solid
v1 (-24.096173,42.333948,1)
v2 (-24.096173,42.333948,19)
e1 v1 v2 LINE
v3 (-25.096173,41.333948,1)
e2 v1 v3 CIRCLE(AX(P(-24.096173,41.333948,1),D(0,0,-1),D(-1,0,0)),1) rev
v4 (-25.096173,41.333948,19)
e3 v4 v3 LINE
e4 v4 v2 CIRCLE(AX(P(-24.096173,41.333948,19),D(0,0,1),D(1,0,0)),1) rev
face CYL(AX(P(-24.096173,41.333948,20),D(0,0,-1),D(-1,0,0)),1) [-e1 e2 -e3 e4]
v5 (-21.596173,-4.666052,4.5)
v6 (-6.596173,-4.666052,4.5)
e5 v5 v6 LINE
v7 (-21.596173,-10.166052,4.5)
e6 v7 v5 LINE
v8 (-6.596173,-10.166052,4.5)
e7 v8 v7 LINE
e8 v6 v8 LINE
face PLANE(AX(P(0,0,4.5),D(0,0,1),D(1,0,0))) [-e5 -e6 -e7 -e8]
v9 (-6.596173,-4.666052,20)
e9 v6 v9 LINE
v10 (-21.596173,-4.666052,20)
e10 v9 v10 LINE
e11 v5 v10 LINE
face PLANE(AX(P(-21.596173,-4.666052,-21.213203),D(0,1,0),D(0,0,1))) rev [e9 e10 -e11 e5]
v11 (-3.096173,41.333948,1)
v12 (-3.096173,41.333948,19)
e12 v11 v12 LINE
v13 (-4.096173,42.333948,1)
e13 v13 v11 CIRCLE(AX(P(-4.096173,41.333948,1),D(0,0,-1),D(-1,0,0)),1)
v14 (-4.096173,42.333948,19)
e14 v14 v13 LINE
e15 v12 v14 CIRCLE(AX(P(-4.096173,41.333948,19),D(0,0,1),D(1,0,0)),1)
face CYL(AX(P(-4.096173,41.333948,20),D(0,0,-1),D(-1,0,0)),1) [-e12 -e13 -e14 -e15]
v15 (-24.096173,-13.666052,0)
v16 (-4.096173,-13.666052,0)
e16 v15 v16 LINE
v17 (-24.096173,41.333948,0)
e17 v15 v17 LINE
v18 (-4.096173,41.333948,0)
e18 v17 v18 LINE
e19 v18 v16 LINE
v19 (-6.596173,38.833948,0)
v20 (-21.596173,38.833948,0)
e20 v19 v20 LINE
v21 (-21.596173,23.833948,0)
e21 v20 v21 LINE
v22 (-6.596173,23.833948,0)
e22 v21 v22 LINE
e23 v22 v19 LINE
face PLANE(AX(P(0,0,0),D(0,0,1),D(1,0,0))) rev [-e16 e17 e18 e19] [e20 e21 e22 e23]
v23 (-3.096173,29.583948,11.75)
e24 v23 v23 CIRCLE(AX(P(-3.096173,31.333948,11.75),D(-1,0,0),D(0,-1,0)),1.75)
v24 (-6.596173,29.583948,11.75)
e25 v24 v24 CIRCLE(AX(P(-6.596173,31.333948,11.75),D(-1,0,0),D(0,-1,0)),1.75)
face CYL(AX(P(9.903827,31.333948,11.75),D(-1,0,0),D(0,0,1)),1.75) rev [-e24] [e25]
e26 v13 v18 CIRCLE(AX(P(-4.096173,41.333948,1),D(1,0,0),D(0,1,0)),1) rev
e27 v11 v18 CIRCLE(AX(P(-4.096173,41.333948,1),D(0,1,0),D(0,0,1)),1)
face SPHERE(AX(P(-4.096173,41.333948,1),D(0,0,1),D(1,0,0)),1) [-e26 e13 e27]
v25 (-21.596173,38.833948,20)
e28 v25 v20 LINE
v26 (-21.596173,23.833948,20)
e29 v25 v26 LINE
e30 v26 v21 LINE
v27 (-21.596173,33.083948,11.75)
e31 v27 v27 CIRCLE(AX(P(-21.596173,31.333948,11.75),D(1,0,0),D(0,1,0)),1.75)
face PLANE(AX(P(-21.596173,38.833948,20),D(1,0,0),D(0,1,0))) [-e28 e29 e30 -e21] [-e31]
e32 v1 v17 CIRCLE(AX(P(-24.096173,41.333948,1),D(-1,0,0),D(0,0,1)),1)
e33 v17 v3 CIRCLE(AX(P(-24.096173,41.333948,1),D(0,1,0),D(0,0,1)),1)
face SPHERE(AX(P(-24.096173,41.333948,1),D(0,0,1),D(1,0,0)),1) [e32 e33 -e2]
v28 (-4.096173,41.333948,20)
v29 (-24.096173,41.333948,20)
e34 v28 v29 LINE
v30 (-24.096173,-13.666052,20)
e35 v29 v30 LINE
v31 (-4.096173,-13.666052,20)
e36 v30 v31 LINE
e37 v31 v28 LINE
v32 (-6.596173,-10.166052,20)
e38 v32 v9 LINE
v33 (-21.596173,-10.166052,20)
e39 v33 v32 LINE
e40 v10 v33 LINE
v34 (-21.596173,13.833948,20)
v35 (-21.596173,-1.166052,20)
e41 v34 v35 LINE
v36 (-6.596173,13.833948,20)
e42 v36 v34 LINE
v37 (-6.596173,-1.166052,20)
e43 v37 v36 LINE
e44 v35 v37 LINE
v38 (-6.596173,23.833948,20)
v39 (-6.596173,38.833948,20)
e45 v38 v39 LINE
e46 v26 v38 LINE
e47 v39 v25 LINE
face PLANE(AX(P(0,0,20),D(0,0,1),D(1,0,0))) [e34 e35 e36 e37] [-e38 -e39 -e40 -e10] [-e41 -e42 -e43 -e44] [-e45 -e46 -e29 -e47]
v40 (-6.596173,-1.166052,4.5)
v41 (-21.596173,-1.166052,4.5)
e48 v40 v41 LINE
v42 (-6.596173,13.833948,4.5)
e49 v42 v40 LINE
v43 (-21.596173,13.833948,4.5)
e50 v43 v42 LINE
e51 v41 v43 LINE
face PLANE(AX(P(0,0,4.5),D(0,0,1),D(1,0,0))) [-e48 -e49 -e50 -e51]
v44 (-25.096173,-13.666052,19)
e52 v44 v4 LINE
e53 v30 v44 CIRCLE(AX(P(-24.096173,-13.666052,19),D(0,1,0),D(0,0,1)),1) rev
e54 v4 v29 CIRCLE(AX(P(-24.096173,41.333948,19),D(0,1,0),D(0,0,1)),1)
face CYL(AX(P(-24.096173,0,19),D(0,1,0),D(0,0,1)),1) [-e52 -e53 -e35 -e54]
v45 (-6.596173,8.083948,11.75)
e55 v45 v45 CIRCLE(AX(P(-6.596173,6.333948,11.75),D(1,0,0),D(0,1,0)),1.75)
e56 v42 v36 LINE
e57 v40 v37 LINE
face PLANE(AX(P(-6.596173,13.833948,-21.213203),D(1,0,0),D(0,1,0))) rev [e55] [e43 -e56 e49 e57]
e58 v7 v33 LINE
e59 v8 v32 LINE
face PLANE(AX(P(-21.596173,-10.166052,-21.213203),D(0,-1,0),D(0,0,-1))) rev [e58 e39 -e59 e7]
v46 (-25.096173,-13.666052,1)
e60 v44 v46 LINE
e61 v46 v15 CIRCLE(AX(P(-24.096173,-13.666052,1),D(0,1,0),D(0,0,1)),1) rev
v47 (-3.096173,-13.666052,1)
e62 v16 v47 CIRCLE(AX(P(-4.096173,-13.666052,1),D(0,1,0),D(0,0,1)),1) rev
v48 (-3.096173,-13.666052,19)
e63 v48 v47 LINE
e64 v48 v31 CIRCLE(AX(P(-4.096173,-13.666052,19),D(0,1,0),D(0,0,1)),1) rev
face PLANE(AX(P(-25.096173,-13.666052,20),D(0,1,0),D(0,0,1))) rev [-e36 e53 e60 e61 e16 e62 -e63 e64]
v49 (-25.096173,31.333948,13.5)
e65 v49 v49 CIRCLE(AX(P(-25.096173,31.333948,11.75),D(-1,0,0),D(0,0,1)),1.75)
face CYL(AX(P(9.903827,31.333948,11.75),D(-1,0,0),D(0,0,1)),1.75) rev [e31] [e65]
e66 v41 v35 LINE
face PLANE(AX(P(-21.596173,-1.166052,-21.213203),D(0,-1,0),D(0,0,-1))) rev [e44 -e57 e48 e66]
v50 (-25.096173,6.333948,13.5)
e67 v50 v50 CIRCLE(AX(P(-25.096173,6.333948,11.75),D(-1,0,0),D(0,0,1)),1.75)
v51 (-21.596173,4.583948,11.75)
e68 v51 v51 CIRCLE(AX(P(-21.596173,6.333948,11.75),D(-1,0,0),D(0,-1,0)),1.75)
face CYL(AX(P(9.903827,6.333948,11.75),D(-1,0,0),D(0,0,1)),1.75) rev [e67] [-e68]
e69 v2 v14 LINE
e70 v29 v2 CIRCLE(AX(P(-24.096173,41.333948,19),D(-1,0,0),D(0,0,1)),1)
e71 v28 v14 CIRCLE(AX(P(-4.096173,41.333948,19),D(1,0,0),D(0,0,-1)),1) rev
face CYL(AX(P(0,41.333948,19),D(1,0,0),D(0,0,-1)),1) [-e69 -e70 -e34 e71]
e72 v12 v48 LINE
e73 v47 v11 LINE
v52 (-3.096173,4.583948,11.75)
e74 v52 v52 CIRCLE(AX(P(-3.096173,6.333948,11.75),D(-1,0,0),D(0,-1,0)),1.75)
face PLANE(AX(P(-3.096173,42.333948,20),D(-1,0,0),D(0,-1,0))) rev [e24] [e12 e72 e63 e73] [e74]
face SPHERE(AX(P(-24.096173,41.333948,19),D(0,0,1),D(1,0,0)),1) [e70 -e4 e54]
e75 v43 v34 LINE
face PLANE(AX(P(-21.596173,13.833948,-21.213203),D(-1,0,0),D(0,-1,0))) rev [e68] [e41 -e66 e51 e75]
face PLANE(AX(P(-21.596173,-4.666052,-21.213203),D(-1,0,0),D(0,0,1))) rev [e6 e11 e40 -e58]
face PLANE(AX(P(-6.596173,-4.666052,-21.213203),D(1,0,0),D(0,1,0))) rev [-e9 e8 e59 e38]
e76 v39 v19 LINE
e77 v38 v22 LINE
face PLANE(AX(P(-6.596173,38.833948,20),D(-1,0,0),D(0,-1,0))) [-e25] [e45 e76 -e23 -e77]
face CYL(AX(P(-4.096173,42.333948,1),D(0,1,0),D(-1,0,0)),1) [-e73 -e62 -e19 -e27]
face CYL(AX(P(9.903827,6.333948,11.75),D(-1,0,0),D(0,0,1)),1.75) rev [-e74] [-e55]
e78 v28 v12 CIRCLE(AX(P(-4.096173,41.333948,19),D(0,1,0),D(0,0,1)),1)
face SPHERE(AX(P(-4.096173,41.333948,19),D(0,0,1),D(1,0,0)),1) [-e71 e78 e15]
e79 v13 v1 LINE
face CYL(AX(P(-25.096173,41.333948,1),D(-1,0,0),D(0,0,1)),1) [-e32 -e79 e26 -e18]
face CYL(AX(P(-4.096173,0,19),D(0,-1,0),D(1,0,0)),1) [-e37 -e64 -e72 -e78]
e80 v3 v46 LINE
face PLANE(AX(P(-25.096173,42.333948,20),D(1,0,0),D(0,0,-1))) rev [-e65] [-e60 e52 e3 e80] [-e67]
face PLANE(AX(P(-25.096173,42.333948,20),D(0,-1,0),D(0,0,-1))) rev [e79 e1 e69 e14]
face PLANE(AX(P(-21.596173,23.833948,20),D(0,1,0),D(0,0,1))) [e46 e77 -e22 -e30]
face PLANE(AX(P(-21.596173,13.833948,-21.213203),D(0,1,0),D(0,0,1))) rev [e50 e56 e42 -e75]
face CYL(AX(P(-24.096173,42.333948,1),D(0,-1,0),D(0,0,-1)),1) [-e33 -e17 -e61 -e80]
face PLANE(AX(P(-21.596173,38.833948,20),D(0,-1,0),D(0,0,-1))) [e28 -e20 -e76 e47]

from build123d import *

# Parameters (mm, degrees)
SKETCH1_W           = 22
SKETCH1_H           = 56
SKETCH1_W_2         = 15
SKETCH1_H_2         = 15
BOSS_EXTRUDE1_DEPTH = 20
SKETCH2_W           = 15
SKETCH2_H           = 15
SKETCH2_H_2         = 5.5
CUT_EXTRUDE1_DEPTH  = 15.5
FILLET1_R           = 1
SKETCH3_R           = 1.75
CUT_EXTRUDE2_DEPTH  = 35


with BuildPart() as part:
    # Sketch1 → Boss-Extrude1 (new body)
    with BuildSketch(Plane.XY):
        with Locations((-14.096172604, 14.333947726)):
            Rectangle(SKETCH1_W, SKETCH1_H)
        with Locations((-14.096172604, 31.333947726)):
            Rectangle(SKETCH1_W_2, SKETCH1_H_2, mode=Mode.SUBTRACT)
    extrude(amount=BOSS_EXTRUDE1_DEPTH)

    # Sketch2 → Cut-Extrude1 (cut)
    with BuildSketch(Plane.XY.offset(20)):
        with Locations((-14.096172604, 6.333947726)):
            Rectangle(SKETCH2_W, SKETCH2_H)
        with Locations((-14.096172604, -7.416052274)):
            Rectangle(SKETCH2_W, SKETCH2_H_2)
    extrude(amount=-CUT_EXTRUDE1_DEPTH, mode=Mode.SUBTRACT)

    # Fillet1
    fillet1_edges = [part.edges().sort_by_distance(p)[0] for p in [
        (-3.096172604, 14.333947726, 20),
        (-14.096172604, 42.333947726, 20),
        (-25.096172604, 14.333947726, 20),
        (-14.096172604, 42.333947726, 0),
        (-3.096172604, 14.333947726, 0),
        (-25.096172604, 14.333947726, 0),
        (-25.096172604, 42.333947726, 10),
        (-3.096172604, 42.333947726, 10),
    ]]
    fillet(fillet1_edges, radius=FILLET1_R)

    # Sketch3 → Cut-Extrude2 (cut)
    with BuildSketch(Plane.ZY.offset(25.096172604)):
        with Locations(Location((11.75, 31.333947726, 0), (0, 0, 270))):
            Circle(SKETCH3_R)
        with Locations(Location((11.75, 6.333947726, 0), (0, 0, 90))):
            Circle(SKETCH3_R)
    extrude(amount=-CUT_EXTRUDE2_DEPTH, mode=Mode.SUBTRACT)


solid = part.part
